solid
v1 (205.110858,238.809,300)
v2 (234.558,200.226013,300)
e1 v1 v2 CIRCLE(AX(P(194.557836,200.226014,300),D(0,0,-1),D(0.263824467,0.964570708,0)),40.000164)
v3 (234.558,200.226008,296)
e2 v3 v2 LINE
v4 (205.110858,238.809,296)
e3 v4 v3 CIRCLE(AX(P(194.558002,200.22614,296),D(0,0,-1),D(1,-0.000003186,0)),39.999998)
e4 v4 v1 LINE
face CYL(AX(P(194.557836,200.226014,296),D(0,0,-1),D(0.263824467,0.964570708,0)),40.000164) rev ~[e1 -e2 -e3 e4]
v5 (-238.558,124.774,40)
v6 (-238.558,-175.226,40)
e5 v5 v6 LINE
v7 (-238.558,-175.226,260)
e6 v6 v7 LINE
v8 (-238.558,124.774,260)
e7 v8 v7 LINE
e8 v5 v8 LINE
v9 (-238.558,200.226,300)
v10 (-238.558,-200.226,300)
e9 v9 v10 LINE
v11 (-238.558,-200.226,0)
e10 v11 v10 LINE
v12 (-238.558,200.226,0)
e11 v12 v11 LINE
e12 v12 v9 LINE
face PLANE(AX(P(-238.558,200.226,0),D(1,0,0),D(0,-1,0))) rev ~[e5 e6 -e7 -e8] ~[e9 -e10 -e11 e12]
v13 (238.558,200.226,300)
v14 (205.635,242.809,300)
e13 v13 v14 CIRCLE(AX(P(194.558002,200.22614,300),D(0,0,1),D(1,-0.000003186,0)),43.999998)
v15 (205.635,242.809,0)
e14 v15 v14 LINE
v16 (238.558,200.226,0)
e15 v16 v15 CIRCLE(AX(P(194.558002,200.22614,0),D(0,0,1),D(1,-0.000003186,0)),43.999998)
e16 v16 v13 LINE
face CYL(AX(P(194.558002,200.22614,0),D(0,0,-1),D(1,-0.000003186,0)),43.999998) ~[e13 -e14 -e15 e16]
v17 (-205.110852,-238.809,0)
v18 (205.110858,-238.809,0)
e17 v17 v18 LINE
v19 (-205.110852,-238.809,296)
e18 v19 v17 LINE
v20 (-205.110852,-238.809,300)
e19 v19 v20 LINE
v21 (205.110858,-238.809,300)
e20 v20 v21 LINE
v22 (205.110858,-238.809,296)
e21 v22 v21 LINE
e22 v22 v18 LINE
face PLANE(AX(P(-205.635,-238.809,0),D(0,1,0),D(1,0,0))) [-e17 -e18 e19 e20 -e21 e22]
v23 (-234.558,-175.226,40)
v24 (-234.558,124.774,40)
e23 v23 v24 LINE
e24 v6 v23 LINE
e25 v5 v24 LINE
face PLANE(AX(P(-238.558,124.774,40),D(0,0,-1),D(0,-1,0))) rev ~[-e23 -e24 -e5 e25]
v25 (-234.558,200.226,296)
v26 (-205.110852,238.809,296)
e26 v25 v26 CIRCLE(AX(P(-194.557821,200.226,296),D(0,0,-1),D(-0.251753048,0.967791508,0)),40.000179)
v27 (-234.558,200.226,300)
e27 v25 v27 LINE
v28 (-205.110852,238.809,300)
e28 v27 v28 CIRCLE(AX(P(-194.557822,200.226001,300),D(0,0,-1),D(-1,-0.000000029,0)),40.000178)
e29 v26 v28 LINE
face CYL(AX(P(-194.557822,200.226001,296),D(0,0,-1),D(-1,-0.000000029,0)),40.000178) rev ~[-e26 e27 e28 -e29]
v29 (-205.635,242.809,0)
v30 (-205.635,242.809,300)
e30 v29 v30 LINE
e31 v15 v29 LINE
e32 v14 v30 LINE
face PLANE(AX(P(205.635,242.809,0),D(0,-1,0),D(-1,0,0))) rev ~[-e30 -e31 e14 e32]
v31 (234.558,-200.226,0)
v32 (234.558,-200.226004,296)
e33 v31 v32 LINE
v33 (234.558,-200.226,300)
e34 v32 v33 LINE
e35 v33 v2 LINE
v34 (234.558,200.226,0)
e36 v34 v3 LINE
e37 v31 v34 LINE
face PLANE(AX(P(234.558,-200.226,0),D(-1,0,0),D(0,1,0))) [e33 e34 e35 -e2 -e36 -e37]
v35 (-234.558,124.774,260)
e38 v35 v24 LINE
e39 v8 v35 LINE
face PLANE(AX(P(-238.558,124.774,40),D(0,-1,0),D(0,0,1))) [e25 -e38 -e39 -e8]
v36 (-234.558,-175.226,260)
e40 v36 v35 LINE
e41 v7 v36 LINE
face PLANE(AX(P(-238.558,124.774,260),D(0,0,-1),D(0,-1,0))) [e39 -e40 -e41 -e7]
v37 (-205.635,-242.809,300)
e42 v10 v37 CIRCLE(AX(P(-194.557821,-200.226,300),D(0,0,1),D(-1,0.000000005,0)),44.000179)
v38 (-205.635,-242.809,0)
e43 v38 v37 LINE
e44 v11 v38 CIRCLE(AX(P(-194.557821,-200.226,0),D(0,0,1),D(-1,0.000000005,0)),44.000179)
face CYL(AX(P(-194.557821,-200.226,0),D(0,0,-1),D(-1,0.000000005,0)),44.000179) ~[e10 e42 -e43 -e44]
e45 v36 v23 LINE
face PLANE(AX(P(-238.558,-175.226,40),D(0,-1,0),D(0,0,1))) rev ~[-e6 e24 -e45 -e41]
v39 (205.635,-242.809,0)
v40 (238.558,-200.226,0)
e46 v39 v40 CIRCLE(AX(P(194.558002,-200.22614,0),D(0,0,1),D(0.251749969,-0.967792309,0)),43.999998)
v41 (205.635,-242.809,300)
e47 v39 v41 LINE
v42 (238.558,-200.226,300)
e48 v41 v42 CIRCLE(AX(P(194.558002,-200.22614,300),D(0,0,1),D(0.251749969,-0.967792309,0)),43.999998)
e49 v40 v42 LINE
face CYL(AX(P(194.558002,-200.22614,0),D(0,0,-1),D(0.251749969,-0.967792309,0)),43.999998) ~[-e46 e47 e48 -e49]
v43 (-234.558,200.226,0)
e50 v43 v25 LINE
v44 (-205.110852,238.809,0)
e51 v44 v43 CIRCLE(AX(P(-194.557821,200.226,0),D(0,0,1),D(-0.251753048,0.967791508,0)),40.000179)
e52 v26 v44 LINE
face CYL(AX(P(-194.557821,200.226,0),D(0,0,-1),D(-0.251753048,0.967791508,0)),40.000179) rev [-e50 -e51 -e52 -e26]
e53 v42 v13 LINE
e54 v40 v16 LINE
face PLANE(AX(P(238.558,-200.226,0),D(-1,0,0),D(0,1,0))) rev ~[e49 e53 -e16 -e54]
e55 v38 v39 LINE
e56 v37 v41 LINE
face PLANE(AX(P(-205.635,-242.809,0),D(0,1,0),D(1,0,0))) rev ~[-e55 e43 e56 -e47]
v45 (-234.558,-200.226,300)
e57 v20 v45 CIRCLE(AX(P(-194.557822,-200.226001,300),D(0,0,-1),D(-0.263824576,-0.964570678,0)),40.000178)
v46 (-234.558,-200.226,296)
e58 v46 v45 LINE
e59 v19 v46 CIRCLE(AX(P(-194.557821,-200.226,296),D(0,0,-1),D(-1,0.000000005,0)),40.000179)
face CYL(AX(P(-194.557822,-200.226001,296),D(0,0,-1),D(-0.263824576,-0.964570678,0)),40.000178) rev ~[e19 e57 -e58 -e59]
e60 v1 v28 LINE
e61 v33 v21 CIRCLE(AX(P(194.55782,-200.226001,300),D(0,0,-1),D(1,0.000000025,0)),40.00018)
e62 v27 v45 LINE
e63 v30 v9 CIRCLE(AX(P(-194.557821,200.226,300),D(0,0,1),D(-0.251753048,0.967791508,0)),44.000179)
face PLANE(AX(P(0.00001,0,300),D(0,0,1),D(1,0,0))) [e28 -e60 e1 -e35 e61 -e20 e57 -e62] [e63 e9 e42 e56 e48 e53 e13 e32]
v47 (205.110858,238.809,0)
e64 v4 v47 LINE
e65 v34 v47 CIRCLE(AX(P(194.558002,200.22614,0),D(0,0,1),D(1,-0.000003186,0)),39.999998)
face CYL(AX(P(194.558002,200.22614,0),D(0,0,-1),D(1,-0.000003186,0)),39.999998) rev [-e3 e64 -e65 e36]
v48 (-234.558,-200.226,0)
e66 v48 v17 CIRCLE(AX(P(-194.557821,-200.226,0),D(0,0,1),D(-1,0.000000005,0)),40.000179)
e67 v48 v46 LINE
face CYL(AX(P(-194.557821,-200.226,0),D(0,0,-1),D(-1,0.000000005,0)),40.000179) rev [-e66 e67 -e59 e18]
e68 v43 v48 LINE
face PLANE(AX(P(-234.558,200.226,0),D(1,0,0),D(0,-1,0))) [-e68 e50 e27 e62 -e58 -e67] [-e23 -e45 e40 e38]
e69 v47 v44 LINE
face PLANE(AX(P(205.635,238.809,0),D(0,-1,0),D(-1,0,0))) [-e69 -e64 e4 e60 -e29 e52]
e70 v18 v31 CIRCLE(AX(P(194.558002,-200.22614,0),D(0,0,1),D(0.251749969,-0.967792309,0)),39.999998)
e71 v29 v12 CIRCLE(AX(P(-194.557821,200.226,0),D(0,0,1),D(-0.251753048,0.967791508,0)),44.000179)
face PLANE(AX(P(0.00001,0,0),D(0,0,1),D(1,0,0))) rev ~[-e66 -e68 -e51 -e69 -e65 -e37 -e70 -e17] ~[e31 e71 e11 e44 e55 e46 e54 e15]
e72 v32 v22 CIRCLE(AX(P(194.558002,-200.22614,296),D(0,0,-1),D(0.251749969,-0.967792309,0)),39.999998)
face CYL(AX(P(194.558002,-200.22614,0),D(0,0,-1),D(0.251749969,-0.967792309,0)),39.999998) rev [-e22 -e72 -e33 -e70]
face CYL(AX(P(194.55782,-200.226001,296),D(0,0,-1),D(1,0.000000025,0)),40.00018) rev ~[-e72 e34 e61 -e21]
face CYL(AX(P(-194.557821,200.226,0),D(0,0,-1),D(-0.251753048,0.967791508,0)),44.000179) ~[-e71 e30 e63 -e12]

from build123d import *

# Parameters (mm, degrees)
F1_DEPTH = 300
F2_T     = -4
F4_DEPTH = 25
F5_W     = 300
F5_H     = 220
F6_DEPTH = 25


with BuildPart() as f1:
    # F0 (on Top) → F1 (new body)
    with BuildSketch(Plane.XY):
        with BuildLine():
            Line((205.635, 242.809), (-205.635, 242.809))
            ThreePointArc((-205.635, 242.809), (-229.3674, 227.138989), (-238.558, 200.226))
            Line((-238.558, 200.226), (-238.558, -200.226))
            ThreePointArc((-238.558, -200.226), (-229.3674, -227.138989), (-205.635, -242.809))
            Line((-205.635, -242.809), (205.635, -242.809))
            ThreePointArc((205.635, -242.809), (229.367438, -227.139018), (238.558, -200.226))
            Line((238.558, -200.226), (238.558, 200.226))
            ThreePointArc((238.558, 200.226), (229.367438, 227.139018), (205.635, 242.809))
        make_face()
    extrude(amount=F1_DEPTH)

    # F2
    f2_openings = [f1.faces().sort_by_distance(p)[0] for p in [
        (4e-06, 0, 0),
    ]]
    offset(amount=F2_T, openings=f2_openings)

    # F3 (on face) → F4 (cut)
    with BuildSketch(Plane(origin=(0, 0, 296), x_dir=(1, 0, 0), z_dir=(0, 0, -1))):
        with BuildLine():
            ThreePointArc((-205.110852, 238.809), (-226.355128, 224.494202), (-234.558, 200.226))
            Line((-234.558, 200.226), (-234.558, -200.226))
            ThreePointArc((-234.558, -200.226), (-226.355128, -224.494202), (-205.110852, -238.809))
            Line((-205.110852, -238.809), (205.110858, -238.809))
            ThreePointArc((205.110858, -238.809), (226.35513, -224.494207), (234.558, -200.226013))
            Line((234.558, -200.226013), (234.558, 200.226))
            ThreePointArc((234.558, 200.226), (226.35513, 224.4942), (205.110858, 238.809))
            Line((205.110858, 238.809), (-205.110852, 238.809))
        make_face()
    extrude(amount=-F4_DEPTH, mode=Mode.SUBTRACT)

    # F5 (on face) → F6 (cut)
    with BuildSketch(Plane(origin=(-238.558, 0, 0), x_dir=(0, -1, 0), z_dir=(-1, 0, 0))):
        with Locations((25.226, 150)):
            Rectangle(F5_W, F5_H)
    extrude(amount=-F6_DEPTH, mode=Mode.SUBTRACT)


solid = f1.part
